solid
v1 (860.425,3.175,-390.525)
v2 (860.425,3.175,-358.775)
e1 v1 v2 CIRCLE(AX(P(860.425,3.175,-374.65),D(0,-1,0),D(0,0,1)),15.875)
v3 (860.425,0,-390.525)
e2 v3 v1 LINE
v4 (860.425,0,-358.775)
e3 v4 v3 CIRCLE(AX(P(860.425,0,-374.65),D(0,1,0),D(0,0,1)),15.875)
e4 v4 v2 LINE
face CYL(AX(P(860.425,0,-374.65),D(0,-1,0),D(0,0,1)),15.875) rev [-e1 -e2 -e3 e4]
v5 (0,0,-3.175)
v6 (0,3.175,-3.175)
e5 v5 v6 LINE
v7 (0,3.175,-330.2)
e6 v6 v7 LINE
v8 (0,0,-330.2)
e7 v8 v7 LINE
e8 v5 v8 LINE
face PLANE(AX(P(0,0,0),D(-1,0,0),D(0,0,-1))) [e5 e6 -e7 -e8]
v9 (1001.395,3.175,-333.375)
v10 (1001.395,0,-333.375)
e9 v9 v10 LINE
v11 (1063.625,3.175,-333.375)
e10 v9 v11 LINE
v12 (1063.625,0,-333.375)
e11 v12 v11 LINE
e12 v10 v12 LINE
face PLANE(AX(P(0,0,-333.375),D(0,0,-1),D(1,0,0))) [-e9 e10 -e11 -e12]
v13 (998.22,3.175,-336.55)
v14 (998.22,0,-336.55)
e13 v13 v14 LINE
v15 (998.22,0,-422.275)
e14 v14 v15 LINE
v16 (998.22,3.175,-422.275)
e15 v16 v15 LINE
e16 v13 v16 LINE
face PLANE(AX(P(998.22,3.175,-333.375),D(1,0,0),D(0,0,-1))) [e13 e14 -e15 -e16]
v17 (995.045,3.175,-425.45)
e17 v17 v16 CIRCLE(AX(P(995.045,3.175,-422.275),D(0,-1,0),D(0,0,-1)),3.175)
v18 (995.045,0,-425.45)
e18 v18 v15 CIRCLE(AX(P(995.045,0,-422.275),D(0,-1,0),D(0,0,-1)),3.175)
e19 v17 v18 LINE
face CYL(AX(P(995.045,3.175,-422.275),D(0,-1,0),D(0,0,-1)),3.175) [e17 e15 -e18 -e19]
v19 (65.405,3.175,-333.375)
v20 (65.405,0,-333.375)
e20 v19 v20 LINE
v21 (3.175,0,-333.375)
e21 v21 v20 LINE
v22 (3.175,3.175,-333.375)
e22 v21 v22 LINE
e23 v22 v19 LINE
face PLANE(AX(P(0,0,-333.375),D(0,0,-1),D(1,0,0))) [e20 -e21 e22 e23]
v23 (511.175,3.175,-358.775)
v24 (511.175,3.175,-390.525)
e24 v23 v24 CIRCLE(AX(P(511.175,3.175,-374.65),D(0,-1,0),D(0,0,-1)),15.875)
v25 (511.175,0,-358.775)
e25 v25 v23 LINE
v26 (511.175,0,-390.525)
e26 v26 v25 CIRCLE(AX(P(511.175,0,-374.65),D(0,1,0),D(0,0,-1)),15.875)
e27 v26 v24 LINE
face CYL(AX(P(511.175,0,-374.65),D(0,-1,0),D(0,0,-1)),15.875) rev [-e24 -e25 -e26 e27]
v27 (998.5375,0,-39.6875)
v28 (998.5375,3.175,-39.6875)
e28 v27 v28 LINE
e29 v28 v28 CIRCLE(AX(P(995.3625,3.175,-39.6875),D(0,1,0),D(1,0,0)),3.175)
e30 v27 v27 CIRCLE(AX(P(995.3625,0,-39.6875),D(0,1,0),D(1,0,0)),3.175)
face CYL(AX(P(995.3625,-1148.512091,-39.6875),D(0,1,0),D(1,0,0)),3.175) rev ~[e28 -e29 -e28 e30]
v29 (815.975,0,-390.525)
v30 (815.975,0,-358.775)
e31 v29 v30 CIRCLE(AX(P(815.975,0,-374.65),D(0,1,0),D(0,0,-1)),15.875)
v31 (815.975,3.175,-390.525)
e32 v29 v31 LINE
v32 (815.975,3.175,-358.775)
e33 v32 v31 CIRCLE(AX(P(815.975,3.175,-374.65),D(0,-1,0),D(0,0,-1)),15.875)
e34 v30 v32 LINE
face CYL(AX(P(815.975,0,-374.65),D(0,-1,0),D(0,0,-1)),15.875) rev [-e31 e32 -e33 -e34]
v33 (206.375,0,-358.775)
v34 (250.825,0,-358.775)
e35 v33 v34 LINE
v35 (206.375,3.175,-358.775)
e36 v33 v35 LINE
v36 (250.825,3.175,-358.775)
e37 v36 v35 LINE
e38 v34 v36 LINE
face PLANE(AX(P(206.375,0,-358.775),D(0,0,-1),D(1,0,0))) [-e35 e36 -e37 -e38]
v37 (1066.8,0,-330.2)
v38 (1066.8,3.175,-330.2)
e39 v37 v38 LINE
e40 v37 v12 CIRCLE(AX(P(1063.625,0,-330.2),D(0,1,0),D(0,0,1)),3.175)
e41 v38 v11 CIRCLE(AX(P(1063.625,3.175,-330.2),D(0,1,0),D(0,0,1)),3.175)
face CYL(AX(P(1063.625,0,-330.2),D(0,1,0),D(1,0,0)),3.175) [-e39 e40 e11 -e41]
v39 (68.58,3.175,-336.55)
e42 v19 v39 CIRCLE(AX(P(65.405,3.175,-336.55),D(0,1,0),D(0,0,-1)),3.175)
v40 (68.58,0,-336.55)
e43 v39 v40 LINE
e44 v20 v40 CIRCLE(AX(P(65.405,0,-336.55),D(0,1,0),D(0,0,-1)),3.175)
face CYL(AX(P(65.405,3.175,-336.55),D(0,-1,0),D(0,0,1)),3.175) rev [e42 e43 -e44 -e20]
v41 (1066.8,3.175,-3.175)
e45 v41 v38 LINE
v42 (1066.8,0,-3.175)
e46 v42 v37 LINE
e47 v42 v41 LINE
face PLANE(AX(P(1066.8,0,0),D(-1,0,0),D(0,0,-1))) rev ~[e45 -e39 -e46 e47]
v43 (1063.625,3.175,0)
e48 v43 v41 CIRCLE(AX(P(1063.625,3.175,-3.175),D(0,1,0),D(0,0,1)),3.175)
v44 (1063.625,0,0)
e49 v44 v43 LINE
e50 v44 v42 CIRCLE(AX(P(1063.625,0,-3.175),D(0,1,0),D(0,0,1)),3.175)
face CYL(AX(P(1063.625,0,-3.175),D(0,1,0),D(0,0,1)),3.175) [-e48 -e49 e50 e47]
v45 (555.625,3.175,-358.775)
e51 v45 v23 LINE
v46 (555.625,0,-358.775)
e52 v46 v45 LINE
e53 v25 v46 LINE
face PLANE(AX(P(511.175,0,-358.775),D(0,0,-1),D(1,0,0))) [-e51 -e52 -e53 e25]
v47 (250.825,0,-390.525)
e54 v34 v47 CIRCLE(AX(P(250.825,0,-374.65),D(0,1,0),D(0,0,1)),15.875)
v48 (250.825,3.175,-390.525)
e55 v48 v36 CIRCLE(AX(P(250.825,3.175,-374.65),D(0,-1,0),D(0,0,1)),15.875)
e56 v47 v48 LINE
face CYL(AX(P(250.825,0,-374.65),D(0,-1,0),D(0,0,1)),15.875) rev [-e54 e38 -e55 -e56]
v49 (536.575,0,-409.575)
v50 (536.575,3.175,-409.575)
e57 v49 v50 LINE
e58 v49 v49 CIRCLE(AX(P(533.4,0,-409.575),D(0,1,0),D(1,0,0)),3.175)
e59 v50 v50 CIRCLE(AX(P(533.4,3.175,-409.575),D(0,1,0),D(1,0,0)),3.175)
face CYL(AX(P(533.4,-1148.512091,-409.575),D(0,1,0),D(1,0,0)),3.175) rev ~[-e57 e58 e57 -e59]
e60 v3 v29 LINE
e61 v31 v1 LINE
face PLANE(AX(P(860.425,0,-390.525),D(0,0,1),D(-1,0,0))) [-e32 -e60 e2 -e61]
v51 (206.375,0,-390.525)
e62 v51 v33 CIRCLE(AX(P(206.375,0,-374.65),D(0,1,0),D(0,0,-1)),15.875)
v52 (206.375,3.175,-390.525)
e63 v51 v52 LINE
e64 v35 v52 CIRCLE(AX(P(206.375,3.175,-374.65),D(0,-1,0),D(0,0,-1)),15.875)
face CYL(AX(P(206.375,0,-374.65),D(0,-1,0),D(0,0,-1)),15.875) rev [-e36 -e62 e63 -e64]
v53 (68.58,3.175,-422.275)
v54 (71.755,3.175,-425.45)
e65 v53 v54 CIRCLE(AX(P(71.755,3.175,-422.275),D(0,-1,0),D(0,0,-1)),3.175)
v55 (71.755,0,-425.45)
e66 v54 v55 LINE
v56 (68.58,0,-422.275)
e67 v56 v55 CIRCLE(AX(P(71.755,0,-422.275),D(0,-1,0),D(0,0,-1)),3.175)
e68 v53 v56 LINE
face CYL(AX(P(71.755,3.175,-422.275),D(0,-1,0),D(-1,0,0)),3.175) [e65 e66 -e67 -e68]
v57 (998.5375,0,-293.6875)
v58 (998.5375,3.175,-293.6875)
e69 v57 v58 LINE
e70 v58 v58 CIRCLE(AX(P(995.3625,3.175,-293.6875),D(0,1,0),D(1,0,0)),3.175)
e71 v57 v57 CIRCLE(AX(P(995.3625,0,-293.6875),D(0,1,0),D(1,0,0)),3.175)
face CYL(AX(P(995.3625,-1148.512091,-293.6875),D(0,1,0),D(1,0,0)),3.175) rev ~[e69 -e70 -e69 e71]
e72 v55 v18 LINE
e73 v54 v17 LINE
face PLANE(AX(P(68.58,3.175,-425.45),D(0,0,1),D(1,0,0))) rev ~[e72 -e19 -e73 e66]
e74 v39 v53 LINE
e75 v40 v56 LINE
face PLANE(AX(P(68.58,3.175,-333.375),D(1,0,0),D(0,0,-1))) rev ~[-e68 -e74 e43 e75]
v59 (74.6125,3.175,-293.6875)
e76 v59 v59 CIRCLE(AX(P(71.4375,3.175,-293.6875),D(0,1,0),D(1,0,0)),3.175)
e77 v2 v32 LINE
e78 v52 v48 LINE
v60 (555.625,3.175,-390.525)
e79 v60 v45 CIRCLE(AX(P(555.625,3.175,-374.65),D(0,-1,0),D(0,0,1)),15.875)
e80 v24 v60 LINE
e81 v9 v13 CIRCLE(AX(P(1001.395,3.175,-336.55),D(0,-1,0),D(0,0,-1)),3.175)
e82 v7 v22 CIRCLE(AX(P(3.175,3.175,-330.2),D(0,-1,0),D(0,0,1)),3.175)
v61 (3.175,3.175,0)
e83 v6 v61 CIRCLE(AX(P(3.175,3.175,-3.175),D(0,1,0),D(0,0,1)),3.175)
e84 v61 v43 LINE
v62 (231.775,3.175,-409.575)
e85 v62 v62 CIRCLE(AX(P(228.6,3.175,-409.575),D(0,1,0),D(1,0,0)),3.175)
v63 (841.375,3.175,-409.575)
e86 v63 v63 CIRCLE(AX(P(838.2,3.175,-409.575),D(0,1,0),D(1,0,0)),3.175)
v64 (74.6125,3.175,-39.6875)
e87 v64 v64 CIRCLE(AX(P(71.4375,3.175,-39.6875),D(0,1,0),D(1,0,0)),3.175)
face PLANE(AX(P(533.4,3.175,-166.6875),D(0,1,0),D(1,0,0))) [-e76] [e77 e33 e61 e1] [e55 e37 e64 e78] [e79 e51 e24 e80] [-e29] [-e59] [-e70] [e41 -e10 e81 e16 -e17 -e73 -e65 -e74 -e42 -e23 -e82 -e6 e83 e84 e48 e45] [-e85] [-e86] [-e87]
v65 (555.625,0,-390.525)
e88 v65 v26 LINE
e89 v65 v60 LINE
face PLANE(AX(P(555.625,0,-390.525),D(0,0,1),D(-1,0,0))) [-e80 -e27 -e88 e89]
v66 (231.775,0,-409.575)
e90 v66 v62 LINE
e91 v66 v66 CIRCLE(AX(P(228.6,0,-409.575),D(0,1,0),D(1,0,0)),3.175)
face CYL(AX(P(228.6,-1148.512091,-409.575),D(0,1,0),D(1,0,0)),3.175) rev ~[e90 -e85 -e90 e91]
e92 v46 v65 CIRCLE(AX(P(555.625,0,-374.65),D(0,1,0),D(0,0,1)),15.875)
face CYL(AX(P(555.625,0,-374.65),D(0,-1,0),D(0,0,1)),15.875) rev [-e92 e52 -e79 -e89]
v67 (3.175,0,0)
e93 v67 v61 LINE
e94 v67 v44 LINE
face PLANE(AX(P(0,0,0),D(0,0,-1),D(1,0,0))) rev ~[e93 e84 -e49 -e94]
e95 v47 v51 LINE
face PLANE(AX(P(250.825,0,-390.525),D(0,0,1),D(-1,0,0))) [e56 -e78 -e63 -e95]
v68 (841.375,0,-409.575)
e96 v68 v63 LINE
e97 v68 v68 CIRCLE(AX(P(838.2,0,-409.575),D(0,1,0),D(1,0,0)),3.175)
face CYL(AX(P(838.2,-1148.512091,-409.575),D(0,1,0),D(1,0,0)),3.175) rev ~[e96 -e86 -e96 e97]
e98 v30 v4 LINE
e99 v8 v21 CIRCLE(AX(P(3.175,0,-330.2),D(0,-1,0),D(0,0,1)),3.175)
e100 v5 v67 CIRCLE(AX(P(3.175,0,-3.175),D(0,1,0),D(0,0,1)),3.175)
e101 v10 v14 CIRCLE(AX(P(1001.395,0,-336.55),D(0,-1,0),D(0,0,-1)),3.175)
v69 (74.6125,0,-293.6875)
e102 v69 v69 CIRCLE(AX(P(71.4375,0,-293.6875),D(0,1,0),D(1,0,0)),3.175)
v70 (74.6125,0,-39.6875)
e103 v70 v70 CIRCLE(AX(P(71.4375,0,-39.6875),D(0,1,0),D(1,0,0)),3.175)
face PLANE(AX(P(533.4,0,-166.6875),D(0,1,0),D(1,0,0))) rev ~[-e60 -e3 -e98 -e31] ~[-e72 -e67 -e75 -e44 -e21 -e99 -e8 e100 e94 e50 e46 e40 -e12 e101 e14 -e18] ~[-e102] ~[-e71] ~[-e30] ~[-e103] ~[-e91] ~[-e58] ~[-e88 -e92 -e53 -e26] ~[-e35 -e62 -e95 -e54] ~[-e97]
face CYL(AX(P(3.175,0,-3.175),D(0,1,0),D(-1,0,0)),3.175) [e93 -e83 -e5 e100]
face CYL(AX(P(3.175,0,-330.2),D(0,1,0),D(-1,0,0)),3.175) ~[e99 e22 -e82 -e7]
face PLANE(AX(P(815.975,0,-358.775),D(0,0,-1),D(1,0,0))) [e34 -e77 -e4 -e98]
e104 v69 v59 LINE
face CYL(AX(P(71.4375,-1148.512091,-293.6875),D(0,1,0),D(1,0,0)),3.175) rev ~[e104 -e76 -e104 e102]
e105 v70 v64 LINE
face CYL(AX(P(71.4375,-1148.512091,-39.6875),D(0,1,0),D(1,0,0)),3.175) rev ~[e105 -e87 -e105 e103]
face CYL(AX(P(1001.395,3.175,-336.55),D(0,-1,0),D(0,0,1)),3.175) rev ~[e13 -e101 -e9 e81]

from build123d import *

# Parameters (mm, degrees)
SKETCH1_W                   = 1066.8
SKETCH1_H                   = 333.375
BOSS_EXTRUDE1_DEPTH         = 3.175
SKETCH2_W                   = 929.64
SKETCH2_H                   = 92.075
BOSS_EXTRUDE2_DEPTH         = 3.175
F_1_4_0_25_DIAMETER_HOLE1_D = 6.35
FILLET1_R                   = 3.175
CUT_EXTRUDE1_DEPTH          = 4.175


with BuildPart() as part:
    # Sketch1 → Boss-Extrude1 (new body)
    with BuildSketch(Plane(origin=(0, 0, 0), x_dir=(1, 0, 0), z_dir=(0, 1, 0))):
        with Locations((533.4, 166.6875)):
            Rectangle(SKETCH1_W, SKETCH1_H)
    extrude(amount=BOSS_EXTRUDE1_DEPTH)

    # Sketch2 → Boss-Extrude2 (add)
    with BuildSketch(Plane(origin=(0, 3.175, 0), x_dir=(1, 0, 0), z_dir=(0, 1, 0))):
        with Locations((533.4, 379.4125)):
            Rectangle(SKETCH2_W, SKETCH2_H)
    extrude(amount=-BOSS_EXTRUDE2_DEPTH)

    # 1/4 (0.25) Diameter Hole1 (through all)
    with Locations(Plane(origin=(0, 0, 0), x_dir=(-1, 0, 0), z_dir=(0, -1, 0))):
        with Locations((-71.4375, 39.6875), (-228.6, 409.575), (-533.4, 409.575), (-838.2, 409.575), (-995.3625, 293.6875), (-995.3625, 39.6875), (-71.4375, 293.6875)):
            Hole(F_1_4_0_25_DIAMETER_HOLE1_D / 2)

    # Fillet1
    fillet1_edges = [part.edges().sort_by_distance(p)[0] for p in [
        (998.22, 1.5875, -333.375),
        (998.22, 1.5875, -425.45),
        (68.58, 1.5875, -425.45),
        (68.58, 1.5875, -333.375),
        (0, 1.5875, -333.375),
        (1066.8, 1.5875, -333.375),
        (1066.8, 1.5875, 0),
        (0, 1.5875, 0),
    ]]
    fillet(fillet1_edges, radius=FILLET1_R)

    # Sketch9 → Cut-Extrude1 (cut, through all)
    with BuildSketch(Plane.XZ):
        with BuildLine():
            Line((860.425, -390.525), (815.975, -390.525))
            ThreePointArc((815.975, -390.525), (800.1, -374.65), (815.975, -358.775))
            Line((815.975, -358.775), (860.425, -358.775))
            ThreePointArc((860.425, -358.775), (876.3, -374.65), (860.425, -390.525))
        make_face()
        with BuildLine():
            Line((555.625, -390.525), (511.175, -390.525))
            ThreePointArc((511.175, -390.525), (495.3, -374.65), (511.175, -358.775))
            Line((511.175, -358.775), (555.625, -358.775))
            ThreePointArc((555.625, -358.775), (571.5, -374.65), (555.625, -390.525))
        make_face()
        with BuildLine():
            Line((250.825, -390.525), (206.375, -390.525))
            ThreePointArc((206.375, -390.525), (190.5, -374.65), (206.375, -358.775))
            Line((206.375, -358.775), (250.825, -358.775))
            ThreePointArc((250.825, -358.775), (266.7, -374.65), (250.825, -390.525))
        make_face()
    extrude(amount=-CUT_EXTRUDE1_DEPTH, mode=Mode.SUBTRACT)


solid = part.part
